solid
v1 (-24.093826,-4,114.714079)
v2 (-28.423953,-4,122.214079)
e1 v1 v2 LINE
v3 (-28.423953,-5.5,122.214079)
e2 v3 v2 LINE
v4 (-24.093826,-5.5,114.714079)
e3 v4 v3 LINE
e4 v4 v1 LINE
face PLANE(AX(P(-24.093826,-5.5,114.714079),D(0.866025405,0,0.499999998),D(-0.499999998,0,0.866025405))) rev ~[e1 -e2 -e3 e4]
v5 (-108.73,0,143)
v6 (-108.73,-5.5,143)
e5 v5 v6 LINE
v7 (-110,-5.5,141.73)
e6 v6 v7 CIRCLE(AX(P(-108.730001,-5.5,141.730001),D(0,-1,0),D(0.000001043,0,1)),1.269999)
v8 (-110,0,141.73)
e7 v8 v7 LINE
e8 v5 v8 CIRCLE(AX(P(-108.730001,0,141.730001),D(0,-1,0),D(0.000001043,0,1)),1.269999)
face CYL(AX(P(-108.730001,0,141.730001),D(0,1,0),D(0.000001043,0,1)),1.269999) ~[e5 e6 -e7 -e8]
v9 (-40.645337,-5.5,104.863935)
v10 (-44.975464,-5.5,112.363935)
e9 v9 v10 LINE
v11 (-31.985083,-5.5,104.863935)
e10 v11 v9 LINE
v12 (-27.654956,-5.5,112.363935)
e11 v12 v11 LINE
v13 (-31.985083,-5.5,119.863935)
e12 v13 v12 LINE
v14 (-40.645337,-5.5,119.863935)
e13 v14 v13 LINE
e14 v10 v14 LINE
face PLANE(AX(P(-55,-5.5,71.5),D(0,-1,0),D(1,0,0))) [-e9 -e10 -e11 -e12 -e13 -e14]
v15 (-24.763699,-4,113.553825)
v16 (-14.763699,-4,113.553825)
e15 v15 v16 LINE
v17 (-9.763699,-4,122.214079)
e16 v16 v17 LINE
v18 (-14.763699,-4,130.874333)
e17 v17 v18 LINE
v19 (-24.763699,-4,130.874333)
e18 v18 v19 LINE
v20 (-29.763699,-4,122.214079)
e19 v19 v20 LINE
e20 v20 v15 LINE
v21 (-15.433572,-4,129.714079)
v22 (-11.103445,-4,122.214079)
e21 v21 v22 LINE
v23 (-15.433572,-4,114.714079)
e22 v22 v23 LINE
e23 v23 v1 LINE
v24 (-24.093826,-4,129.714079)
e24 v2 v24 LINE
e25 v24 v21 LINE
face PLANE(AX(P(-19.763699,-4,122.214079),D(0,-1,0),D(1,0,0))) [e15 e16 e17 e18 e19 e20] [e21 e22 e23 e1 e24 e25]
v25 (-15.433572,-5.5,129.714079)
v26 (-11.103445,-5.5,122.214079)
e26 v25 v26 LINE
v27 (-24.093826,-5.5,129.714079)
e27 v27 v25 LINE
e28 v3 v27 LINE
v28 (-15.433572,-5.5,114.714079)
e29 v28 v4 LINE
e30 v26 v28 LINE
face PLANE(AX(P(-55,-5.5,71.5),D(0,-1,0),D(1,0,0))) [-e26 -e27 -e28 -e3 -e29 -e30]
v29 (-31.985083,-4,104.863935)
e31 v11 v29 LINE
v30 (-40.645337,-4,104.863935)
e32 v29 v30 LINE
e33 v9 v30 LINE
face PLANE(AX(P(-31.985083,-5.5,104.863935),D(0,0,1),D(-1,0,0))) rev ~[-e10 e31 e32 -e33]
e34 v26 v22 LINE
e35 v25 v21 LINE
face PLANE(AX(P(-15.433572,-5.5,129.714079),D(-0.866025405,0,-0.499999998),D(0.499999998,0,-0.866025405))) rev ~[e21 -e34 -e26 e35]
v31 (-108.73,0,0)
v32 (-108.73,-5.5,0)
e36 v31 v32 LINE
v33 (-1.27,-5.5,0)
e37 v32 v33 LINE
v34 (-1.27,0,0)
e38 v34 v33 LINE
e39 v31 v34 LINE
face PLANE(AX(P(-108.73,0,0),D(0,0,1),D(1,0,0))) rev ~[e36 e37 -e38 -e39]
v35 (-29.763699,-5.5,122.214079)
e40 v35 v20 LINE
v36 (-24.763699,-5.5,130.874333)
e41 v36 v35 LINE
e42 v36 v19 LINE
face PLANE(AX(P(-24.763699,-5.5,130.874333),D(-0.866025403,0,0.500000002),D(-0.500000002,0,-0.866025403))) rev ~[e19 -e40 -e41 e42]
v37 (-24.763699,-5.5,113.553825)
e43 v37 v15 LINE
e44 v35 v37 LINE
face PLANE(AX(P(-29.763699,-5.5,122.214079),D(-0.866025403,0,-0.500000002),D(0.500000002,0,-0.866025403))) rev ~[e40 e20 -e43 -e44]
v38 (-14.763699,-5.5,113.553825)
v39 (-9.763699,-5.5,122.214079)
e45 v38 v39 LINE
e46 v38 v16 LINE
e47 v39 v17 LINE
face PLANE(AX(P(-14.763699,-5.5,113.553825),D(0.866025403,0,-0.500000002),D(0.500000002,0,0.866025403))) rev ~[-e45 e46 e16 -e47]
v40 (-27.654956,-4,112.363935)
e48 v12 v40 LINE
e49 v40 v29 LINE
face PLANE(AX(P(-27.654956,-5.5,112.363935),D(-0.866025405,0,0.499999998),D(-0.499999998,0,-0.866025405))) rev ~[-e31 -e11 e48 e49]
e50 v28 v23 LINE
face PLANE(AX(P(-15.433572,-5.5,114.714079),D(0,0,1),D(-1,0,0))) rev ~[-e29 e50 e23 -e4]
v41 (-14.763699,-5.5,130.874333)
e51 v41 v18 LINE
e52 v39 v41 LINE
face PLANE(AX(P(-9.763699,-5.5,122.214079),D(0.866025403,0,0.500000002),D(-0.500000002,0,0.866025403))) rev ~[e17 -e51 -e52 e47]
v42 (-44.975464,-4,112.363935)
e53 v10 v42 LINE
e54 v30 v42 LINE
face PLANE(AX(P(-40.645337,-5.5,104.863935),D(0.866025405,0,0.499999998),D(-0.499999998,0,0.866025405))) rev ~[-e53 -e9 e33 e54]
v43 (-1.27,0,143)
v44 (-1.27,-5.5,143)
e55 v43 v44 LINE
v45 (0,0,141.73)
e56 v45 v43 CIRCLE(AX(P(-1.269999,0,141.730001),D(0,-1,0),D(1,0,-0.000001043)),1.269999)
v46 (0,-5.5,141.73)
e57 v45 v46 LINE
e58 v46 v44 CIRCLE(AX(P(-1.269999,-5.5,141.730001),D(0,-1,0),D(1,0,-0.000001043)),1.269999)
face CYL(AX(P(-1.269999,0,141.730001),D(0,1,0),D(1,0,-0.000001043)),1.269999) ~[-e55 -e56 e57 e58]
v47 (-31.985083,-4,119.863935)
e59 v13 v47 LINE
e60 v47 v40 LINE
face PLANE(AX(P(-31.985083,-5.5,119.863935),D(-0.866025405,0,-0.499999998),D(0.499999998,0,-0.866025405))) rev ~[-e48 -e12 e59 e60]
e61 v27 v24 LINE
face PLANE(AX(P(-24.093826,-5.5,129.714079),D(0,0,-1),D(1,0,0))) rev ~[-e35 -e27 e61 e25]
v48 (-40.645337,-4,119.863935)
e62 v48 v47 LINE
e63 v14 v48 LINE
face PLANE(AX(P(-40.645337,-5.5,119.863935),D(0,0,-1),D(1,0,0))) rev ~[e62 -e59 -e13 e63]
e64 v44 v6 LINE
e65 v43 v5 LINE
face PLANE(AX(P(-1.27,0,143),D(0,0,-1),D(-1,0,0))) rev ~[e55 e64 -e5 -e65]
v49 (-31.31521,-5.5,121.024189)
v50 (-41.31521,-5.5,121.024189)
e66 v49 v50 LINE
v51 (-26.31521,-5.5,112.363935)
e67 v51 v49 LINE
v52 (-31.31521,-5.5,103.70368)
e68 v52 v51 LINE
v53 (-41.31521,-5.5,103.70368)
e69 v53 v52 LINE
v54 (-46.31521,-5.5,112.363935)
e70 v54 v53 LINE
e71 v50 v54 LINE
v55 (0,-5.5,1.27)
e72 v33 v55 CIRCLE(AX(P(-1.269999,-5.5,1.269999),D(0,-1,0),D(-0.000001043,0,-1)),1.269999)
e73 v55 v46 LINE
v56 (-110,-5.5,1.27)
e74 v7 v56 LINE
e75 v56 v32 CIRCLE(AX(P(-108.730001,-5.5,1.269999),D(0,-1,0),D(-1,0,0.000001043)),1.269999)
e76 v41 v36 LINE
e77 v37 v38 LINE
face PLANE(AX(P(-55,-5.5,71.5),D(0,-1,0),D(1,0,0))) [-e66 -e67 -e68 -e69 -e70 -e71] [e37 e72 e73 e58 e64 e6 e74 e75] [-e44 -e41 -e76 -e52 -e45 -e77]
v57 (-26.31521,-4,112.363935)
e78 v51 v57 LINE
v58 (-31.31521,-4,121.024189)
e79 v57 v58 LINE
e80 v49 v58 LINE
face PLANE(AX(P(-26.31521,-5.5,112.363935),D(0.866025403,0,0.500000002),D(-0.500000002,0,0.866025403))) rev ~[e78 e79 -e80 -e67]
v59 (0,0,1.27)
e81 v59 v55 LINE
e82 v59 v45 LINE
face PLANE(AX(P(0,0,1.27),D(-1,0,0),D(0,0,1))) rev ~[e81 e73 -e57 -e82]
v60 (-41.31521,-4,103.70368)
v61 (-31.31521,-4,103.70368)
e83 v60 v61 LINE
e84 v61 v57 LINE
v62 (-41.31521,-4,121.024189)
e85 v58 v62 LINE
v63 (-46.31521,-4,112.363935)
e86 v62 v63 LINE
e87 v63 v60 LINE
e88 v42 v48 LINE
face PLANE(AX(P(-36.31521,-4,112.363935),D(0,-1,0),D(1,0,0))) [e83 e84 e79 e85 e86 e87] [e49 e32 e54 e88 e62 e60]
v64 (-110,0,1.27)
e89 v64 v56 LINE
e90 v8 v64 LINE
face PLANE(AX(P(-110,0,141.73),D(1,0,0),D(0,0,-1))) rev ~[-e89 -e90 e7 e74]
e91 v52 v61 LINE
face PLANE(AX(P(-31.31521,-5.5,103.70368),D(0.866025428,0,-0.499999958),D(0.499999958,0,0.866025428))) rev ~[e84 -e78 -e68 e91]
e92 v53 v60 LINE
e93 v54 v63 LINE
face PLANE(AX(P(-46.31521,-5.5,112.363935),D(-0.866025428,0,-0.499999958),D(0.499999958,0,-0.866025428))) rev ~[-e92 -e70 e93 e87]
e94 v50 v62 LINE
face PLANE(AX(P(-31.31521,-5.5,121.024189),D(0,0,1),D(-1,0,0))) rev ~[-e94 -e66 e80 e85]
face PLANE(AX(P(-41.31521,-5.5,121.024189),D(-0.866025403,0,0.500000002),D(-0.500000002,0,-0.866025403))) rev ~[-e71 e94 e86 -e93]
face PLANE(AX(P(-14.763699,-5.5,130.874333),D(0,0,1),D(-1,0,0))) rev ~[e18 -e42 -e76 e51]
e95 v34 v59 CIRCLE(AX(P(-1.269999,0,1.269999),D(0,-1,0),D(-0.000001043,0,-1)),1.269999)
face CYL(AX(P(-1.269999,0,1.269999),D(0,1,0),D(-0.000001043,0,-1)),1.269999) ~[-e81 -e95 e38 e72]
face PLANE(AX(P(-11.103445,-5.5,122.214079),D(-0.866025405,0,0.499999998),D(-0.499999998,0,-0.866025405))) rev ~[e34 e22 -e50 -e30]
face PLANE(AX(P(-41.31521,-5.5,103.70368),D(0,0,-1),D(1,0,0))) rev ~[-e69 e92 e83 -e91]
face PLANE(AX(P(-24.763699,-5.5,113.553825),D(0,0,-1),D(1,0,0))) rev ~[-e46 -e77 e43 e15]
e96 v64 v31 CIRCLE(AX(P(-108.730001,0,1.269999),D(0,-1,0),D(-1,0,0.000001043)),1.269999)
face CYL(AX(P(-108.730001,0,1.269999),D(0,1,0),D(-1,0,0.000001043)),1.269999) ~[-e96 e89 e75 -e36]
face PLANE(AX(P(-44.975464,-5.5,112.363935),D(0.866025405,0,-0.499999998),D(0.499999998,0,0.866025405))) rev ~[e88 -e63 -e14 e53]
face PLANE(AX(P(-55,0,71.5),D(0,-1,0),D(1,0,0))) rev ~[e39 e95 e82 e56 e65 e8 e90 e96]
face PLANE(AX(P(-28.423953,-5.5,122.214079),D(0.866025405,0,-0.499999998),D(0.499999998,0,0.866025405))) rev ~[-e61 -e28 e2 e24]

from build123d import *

# Parameters (mm, degrees)
F1_DEPTH = 5.5
F3_DEPTH = 1.5


with BuildPart() as f1:
    # F0 (on Front) → F1 (new body)
    with BuildSketch(Plane.XZ):
        with BuildLine():
            Line((-108.73, 0), (-1.27, 0))
            ThreePointArc((-1.27, 0), (-0.371974, 0.371974), (0, 1.27))
            Line((0, 1.27), (0, 141.73))
            ThreePointArc((0, 141.73), (-0.371974, 142.628026), (-1.27, 143))
            Line((-1.27, 143), (-108.73, 143))
            ThreePointArc((-108.73, 143), (-109.628026, 142.628026), (-110, 141.73))
            Line((-110, 141.73), (-110, 1.27))
            ThreePointArc((-110, 1.27), (-109.628026, 0.371974), (-108.73, 0))
        make_face()
    extrude(amount=F1_DEPTH)

    # F2 (on face) → F3 (cut)
    with BuildSketch(Plane.XZ.offset(5.5)):
        Polygon((-24.763699, 113.553825), (-14.763699, 113.553825), (-9.763699, 122.214079), (-14.763699, 130.874333), (-24.763699, 130.874333), (-29.763699, 122.214079), align=None)
        Polygon((-11.103445, 122.214079), (-15.433572, 114.714079), (-24.093826, 114.714079), (-28.423953, 122.214079), (-24.093826, 129.714079), (-15.433572, 129.714079), align=None, mode=Mode.SUBTRACT)
        Polygon((-41.31521, 121.024189), (-46.31521, 112.363935), (-41.31521, 103.70368), (-31.31521, 103.70368), (-26.31521, 112.363935), (-31.31521, 121.024189), align=None)
        Polygon((-27.654956, 112.363935), (-31.985083, 104.863935), (-40.645337, 104.863935), (-44.975464, 112.363935), (-40.645337, 119.863935), (-31.985083, 119.863935), align=None, mode=Mode.SUBTRACT)
    extrude(amount=-F3_DEPTH, mode=Mode.SUBTRACT)


solid = f1.part
